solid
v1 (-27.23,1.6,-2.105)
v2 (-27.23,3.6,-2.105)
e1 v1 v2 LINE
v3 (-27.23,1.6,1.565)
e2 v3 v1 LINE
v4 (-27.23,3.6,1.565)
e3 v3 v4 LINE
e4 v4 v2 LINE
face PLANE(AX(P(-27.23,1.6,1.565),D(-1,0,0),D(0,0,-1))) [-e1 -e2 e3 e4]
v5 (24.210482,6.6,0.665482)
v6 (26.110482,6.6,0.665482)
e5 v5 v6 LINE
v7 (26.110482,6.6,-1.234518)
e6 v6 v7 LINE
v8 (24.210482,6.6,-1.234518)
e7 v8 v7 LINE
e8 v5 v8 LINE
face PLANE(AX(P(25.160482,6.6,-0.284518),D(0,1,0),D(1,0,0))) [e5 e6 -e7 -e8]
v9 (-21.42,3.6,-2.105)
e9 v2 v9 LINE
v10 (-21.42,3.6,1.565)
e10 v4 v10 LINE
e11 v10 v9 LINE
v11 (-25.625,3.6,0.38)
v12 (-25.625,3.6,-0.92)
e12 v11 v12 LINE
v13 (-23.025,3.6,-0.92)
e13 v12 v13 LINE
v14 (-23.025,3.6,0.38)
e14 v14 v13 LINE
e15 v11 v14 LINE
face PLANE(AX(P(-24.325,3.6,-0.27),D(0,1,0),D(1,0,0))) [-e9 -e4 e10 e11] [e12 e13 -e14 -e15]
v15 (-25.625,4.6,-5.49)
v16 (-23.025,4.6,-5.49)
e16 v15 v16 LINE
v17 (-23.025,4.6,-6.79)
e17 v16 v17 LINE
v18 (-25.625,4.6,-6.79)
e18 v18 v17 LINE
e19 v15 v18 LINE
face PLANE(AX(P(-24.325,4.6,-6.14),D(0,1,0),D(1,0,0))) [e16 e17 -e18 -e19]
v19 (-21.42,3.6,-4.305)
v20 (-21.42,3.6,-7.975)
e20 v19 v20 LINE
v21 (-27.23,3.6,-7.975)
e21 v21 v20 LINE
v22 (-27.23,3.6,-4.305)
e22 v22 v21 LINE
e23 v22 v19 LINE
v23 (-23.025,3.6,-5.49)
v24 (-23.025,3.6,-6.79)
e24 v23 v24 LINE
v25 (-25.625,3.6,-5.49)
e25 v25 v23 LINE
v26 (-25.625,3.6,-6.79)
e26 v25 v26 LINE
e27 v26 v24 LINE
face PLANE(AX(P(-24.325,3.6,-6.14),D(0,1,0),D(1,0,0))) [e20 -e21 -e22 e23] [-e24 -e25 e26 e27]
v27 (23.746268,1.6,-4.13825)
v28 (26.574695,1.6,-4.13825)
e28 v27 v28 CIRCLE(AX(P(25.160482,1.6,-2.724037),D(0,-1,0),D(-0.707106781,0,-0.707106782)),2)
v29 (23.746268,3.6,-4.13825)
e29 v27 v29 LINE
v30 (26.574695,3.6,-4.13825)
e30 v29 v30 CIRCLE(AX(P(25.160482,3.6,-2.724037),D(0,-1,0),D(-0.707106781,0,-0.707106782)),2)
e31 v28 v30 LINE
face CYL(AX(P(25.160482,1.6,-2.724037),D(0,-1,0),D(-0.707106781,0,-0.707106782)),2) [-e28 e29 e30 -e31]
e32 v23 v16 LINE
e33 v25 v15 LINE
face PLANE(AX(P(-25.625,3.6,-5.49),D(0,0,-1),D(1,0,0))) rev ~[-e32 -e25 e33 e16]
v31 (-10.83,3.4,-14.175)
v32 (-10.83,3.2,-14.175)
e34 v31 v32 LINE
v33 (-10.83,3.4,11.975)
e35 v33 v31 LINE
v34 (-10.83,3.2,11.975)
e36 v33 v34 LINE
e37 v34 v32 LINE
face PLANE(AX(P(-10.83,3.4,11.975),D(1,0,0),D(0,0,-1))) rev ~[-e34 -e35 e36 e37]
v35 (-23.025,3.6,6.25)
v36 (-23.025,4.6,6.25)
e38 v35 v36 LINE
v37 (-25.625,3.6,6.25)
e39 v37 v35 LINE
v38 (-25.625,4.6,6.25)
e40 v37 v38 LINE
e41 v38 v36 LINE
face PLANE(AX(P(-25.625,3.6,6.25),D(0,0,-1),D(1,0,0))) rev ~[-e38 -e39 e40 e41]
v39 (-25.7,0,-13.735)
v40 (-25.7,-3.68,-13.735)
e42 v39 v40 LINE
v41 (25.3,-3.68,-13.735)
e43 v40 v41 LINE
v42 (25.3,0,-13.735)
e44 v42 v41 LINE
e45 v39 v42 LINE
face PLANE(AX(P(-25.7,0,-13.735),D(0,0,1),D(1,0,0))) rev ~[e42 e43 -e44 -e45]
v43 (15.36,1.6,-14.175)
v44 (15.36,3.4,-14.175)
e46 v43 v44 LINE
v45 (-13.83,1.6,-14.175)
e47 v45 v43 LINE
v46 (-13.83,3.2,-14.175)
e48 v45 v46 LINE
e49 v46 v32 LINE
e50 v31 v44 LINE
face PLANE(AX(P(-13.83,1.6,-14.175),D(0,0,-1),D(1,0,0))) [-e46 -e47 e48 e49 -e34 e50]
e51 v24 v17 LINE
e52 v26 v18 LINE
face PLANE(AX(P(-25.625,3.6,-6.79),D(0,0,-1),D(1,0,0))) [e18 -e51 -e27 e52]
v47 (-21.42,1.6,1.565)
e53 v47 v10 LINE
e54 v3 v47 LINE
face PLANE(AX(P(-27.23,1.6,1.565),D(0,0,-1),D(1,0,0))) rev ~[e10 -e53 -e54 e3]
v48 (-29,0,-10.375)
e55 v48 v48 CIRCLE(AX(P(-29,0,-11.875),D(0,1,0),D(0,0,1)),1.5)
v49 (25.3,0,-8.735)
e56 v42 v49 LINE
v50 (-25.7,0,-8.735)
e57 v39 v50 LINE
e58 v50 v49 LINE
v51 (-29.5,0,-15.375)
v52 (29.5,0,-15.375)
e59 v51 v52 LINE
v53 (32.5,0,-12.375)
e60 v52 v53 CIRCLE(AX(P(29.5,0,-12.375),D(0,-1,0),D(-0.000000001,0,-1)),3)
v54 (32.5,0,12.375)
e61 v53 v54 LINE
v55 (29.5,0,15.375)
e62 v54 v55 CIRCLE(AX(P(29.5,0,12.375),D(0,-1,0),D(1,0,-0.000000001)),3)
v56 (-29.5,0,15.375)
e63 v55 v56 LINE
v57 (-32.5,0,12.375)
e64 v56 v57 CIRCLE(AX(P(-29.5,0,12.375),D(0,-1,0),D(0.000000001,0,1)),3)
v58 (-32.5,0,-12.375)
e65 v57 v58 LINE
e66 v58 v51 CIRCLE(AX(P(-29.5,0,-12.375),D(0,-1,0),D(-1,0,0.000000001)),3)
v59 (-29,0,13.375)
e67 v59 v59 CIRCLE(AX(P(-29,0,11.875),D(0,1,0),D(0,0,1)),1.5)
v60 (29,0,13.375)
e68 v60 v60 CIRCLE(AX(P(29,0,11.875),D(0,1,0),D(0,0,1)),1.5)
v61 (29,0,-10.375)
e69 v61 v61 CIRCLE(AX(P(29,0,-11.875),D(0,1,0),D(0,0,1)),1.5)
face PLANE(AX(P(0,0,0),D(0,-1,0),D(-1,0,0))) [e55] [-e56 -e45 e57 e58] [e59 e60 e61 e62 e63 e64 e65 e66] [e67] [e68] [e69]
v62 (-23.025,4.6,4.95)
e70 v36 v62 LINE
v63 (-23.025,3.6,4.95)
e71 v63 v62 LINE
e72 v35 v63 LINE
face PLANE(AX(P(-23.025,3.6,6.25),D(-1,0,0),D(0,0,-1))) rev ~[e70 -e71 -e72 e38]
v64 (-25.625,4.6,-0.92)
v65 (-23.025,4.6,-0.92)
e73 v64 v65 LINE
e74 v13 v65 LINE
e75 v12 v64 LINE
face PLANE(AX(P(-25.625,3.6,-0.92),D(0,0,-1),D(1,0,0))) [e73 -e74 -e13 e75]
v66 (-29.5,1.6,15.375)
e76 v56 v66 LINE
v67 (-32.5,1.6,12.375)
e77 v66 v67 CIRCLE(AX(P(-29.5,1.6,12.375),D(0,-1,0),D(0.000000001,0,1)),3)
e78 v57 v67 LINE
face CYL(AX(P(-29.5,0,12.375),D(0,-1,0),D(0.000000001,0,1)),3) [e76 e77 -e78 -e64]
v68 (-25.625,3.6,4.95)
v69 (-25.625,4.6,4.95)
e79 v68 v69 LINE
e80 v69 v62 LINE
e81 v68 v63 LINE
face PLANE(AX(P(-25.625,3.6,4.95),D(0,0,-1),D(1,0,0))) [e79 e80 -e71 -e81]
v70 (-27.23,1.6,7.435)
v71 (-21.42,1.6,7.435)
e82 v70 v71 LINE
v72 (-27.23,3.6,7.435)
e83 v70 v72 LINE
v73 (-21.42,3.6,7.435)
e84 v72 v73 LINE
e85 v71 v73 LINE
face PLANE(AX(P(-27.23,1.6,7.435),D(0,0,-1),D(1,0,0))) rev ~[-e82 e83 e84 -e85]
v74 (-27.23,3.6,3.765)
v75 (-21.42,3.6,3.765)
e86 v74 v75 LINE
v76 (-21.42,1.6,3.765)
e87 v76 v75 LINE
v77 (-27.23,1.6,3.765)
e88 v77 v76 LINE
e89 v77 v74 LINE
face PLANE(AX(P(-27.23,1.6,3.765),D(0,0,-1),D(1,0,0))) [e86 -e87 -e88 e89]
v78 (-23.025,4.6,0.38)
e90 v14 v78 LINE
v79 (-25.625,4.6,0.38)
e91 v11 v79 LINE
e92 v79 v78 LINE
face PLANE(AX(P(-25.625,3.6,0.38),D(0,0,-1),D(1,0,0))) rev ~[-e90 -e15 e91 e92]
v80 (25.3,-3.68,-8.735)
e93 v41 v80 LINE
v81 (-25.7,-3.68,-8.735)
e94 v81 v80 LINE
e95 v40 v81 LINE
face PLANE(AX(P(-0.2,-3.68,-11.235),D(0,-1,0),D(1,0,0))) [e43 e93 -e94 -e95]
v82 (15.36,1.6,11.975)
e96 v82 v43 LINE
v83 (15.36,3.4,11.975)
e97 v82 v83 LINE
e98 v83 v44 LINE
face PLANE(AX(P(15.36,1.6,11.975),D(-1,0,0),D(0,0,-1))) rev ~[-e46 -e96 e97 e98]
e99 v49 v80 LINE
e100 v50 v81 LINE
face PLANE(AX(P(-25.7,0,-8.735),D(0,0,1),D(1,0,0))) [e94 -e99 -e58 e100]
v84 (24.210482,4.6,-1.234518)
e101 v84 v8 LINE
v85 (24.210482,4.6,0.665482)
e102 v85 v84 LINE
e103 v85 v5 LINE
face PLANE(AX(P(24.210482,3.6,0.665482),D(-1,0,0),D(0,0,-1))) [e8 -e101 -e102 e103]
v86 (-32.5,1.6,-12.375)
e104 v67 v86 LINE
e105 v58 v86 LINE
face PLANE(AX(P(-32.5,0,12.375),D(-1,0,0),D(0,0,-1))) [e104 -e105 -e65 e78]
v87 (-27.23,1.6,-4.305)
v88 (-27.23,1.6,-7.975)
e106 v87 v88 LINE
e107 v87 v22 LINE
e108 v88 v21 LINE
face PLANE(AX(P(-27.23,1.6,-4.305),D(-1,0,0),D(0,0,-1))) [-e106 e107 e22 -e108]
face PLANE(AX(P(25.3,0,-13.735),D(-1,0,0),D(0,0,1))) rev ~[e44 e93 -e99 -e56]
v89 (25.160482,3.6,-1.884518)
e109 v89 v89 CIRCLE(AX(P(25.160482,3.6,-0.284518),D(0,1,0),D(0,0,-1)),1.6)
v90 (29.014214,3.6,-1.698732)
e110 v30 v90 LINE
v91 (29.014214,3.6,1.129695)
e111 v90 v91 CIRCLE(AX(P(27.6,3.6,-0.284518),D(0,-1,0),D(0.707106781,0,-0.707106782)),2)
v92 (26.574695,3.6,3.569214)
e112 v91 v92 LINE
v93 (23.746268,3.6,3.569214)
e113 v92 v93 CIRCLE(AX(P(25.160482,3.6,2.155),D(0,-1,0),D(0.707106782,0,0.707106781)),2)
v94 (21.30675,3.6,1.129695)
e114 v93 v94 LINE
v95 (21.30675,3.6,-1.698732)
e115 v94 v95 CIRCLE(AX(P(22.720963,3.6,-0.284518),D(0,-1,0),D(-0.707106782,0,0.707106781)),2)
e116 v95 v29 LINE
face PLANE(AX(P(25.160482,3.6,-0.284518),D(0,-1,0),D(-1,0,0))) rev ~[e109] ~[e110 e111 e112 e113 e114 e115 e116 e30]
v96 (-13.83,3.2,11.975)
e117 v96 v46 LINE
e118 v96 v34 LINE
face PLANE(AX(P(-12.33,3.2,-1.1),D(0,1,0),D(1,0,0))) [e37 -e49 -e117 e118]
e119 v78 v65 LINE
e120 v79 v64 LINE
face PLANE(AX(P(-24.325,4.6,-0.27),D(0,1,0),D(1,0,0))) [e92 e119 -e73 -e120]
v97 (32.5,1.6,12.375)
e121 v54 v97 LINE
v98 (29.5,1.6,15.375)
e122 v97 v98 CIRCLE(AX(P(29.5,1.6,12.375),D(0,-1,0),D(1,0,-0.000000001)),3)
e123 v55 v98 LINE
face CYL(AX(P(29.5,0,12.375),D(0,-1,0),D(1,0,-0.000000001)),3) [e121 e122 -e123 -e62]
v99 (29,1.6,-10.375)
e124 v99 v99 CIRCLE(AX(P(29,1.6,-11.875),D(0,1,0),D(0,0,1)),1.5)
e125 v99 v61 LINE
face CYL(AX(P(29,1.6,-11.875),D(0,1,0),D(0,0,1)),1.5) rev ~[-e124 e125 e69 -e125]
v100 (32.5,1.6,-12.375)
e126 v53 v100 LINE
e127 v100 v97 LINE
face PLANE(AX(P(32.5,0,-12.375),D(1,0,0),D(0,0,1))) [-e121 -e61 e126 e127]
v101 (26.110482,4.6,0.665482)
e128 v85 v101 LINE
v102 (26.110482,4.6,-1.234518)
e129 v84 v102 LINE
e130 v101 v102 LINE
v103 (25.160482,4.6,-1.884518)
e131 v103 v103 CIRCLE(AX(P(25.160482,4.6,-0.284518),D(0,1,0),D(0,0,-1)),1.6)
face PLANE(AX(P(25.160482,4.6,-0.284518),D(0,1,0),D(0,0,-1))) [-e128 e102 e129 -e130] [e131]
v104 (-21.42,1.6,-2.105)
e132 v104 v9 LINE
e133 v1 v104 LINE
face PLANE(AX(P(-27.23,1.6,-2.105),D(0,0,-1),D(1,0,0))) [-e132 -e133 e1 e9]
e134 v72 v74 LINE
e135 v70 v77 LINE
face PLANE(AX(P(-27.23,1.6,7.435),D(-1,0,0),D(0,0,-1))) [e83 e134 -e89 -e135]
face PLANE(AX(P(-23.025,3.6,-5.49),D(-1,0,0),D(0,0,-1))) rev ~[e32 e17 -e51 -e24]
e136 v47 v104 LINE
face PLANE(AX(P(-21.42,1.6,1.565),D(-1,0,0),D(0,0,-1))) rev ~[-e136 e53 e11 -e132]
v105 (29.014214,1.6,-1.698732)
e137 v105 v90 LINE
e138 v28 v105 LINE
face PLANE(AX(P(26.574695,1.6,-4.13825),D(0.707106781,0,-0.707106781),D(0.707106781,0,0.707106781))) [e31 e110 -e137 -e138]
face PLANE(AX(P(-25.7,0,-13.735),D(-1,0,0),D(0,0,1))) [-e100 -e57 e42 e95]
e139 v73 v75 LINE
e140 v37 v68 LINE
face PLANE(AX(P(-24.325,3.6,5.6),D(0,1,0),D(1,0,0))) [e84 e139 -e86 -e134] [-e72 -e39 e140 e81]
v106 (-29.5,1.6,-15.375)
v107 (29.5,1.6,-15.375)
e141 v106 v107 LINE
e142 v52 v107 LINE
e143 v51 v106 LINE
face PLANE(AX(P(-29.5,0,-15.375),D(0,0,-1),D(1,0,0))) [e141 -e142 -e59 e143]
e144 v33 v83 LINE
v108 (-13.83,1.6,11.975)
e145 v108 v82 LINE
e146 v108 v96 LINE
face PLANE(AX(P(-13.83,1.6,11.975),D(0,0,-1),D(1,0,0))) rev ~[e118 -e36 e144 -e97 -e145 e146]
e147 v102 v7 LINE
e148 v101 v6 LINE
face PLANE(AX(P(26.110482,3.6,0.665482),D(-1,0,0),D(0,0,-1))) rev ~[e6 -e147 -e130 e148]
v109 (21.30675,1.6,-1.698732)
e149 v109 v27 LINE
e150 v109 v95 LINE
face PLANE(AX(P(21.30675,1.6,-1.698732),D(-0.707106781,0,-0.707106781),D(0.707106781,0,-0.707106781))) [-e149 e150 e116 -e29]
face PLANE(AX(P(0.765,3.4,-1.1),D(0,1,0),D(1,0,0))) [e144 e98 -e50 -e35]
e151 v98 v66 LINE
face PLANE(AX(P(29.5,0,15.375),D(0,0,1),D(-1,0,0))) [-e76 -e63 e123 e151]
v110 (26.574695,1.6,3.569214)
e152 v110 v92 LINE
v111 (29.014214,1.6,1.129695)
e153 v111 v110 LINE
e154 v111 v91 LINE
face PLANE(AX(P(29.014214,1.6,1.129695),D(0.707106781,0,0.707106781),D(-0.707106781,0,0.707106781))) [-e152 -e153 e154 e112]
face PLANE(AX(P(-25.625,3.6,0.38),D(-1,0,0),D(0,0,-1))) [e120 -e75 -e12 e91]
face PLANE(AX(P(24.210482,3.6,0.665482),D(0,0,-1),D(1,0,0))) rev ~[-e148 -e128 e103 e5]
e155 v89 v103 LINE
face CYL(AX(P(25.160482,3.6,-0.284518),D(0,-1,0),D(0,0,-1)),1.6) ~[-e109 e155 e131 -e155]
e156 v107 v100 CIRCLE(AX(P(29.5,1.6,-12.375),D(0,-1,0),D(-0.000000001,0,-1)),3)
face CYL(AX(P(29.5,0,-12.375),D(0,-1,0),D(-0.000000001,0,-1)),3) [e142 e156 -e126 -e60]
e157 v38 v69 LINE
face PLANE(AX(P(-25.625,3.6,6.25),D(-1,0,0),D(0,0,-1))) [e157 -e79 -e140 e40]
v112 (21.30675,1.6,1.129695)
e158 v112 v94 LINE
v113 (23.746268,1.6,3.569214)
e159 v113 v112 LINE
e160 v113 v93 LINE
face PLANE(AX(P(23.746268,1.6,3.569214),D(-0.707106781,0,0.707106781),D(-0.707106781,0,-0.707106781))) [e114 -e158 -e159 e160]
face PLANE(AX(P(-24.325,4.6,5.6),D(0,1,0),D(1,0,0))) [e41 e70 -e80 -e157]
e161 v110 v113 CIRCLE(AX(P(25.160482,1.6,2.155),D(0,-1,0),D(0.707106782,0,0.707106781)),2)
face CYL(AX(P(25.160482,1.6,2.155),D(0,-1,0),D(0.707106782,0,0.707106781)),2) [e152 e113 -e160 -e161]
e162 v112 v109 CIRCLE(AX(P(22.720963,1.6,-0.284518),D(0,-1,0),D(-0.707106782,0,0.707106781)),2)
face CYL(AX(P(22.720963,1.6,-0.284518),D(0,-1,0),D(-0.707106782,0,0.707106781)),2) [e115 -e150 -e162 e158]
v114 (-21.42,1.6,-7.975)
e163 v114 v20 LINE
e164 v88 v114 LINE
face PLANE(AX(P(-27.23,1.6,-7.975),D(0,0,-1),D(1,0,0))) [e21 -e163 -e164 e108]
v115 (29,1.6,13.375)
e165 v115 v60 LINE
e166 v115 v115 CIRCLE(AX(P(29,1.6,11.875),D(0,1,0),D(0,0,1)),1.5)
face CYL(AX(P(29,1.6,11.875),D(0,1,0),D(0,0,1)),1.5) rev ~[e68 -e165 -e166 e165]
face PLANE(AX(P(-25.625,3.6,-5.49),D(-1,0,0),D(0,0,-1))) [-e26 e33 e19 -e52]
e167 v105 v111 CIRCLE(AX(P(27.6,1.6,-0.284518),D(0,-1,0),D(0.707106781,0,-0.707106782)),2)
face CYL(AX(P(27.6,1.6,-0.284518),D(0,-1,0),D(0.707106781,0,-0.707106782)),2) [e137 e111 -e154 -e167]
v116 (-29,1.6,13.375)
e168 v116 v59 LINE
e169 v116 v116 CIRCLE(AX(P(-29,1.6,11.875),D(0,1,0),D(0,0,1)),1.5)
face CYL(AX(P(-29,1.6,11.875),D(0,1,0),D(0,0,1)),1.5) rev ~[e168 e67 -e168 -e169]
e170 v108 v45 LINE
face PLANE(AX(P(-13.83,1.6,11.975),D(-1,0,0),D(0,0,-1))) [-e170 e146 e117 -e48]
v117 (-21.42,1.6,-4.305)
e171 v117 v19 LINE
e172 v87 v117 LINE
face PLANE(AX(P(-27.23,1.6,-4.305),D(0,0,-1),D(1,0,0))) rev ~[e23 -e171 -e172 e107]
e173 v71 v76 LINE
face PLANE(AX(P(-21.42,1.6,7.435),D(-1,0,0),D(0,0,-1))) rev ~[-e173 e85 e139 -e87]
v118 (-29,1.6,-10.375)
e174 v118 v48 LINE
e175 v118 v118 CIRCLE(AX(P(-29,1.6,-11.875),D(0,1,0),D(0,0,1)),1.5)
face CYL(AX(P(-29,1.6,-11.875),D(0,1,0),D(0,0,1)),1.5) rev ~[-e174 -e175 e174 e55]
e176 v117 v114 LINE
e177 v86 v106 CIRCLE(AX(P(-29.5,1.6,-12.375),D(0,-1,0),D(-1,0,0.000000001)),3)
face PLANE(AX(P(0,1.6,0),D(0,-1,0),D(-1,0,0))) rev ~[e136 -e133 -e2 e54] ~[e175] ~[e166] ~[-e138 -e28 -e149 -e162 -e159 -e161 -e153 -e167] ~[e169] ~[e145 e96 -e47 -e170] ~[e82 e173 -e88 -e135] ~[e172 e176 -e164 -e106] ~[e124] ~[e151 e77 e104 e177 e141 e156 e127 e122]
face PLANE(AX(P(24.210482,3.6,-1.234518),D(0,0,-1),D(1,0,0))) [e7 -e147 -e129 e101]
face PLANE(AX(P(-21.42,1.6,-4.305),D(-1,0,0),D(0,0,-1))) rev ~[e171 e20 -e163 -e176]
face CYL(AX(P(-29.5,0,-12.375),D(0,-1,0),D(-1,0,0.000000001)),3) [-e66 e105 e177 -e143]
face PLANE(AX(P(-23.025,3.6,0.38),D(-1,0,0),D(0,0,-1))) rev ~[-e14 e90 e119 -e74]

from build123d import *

# Parameters (mm, degrees)
EXTRUDE_1_DEPTH     = 1.6
SKETCH_2_R          = 1.5
CUT_EXTRUDE_1_DEPTH = 1.6
SKETCH_3_W          = 29.19
SKETCH_3_H          = 26.15
EXTRUDE_2_DEPTH     = 1.8
EXTRUDE_3_DEPTH     = 2
SKETCH_6_W          = 3
SKETCH_6_H          = 26.15
CUT_EXTRUDE_2_DEPTH = 0.2
SKETCH_4_W          = 5.81
SKETCH_4_H          = 3.67
EXTRUDE_4_DEPTH     = 2
SKETCH_7_W          = 2.6
SKETCH_7_H          = 1.3
EXTRUDE_5_DEPTH     = 1
SKETCH_8_W          = 51
SKETCH_8_H          = 5
EXTRUDE_6_DEPTH     = 3.68
SKETCH_9_W          = 1.9
SKETCH_9_H          = 1.9
EXTRUDE_7_DEPTH     = 3
SKETCH_10_R         = 1.6
EXTRUDE_8_DEPTH     = 1


with BuildPart() as part:
    # 草图1 → 凸台-拉伸1 (new body)
    with BuildSketch(Plane(origin=(0, 0, 0), x_dir=(1, 0, 0), z_dir=(0, 1, 0))):
        with BuildLine():
            Line((-29.5, 15.375), (29.5, 15.375))
            ThreePointArc((29.5, 15.375), (31.621320344, 14.496320344), (32.5, 12.375))
            Line((32.5, 12.375), (32.5, -12.375))
            ThreePointArc((32.5, -12.375), (31.621320344, -14.496320344), (29.5, -15.375))
            Line((29.5, -15.375), (-29.5, -15.375))
            ThreePointArc((-29.5, -15.375), (-31.621320344, -14.496320344), (-32.5, -12.375))
            Line((-32.5, -12.375), (-32.5, 12.375))
            ThreePointArc((-32.5, 12.375), (-31.621320344, 14.496320344), (-29.5, 15.375))
        make_face()
    extrude(amount=EXTRUDE_1_DEPTH)

    # 草图2 → 切除-拉伸1 (cut)
    with BuildSketch(Plane(origin=(0, 1.6, 0), x_dir=(1, 0, 0), z_dir=(0, 1, 0))):
        with Locations(Location((-29, 11.875, 0), (0, 0, 270))):
            Circle(SKETCH_2_R)
        with Locations(Location((-29, -11.875, 0), (0, 0, 270))):
            Circle(SKETCH_2_R)
        with Locations(Location((29, -11.875, 0), (0, 0, 270))):
            Circle(SKETCH_2_R)
        with Locations(Location((29, 11.875, 0), (0, 0, 270))):
            Circle(SKETCH_2_R)
    extrude(amount=-CUT_EXTRUDE_1_DEPTH, mode=Mode.SUBTRACT)

    # 草图3 → 凸台-拉伸2 (add)
    with BuildSketch(Plane(origin=(0, 1.6, 0), x_dir=(1, 0, 0), z_dir=(0, 1, 0))):
        with Locations((0.765, 1.1)):
            Rectangle(SKETCH_3_W, SKETCH_3_H)
    extrude(amount=EXTRUDE_2_DEPTH)

    # 草图5 → 凸台-拉伸3 (add)
    with BuildSketch(Plane(origin=(0, 1.6, 0), x_dir=(1, 0, 0), z_dir=(0, 1, 0))):
        with BuildLine():
            Line((26.574695167, 4.138250353), (29.014213562, 1.698731957))
            ThreePointArc((29.014213562, 1.698731957), (29.6, 0.284518395), (29.014213562, -1.129695167))
            Line((29.014213562, -1.129695167), (26.574695167, -3.569213562))
            ThreePointArc((26.574695167, -3.569213562), (25.160481605, -4.155), (23.746268043, -3.569213562))
            Line((23.746268043, -3.569213562), (21.306749647, -1.129695167))
            ThreePointArc((21.306749647, -1.129695167), (20.72096321, 0.284518395), (21.306749647, 1.698731957))
            Line((21.306749647, 1.698731957), (23.746268043, 4.138250353))
            ThreePointArc((23.746268043, 4.138250353), (25.160481605, 4.72403679), (26.574695167, 4.138250353))
        make_face()
    extrude(amount=EXTRUDE_3_DEPTH)

    # 草图6 → 切除-拉伸2 (cut)
    with BuildSketch(Plane(origin=(0, 3.4, 0), x_dir=(1, 0, 0), z_dir=(0, 1, 0))):
        with Locations((-12.33, 1.1)):
            Rectangle(SKETCH_6_W, SKETCH_6_H)
    extrude(amount=-CUT_EXTRUDE_2_DEPTH, mode=Mode.SUBTRACT)

    # 草图4 → 凸台-拉伸4 (add)
    with BuildSketch(Plane(origin=(0, 1.6, 0), x_dir=(1, 0, 0), z_dir=(0, 1, 0))):
        with Locations((-24.325, 6.14)):
            Rectangle(SKETCH_4_W, SKETCH_4_H)
        with Locations((-24.325, 0.27)):
            Rectangle(SKETCH_4_W, SKETCH_4_H)
        with Locations((-24.325, -5.6)):
            Rectangle(SKETCH_4_W, SKETCH_4_H)
    extrude(amount=EXTRUDE_4_DEPTH)

    # 草图7 → 凸台-拉伸5 (add)
    with BuildSketch(Plane(origin=(0, 3.6, 0), x_dir=(1, 0, 0), z_dir=(0, 1, 0))):
        with Locations((-24.325, 6.14)):
            Rectangle(SKETCH_7_W, SKETCH_7_H)
        with Locations((-24.325, 0.27)):
            Rectangle(SKETCH_7_W, SKETCH_7_H)
        with Locations((-24.325, -5.6)):
            Rectangle(SKETCH_7_W, SKETCH_7_H)
    extrude(amount=EXTRUDE_5_DEPTH)

    # 草图8 → 凸台-拉伸6 (add)
    with BuildSketch(Plane.XZ):
        with Locations((-0.2, -11.235)):
            Rectangle(SKETCH_8_W, SKETCH_8_H)
    extrude(amount=EXTRUDE_6_DEPTH)

    # 草图9 → 凸台-拉伸7 (add)
    with BuildSketch(Plane(origin=(0, 3.6, 0), x_dir=(1, 0, 0), z_dir=(0, 1, 0))):
        with Locations((25.160481605, 0.284518395)):
            Rectangle(SKETCH_9_W, SKETCH_9_H)
    extrude(amount=EXTRUDE_7_DEPTH)

    # 草图10 → 凸台-拉伸8 (add)
    with BuildSketch(Plane(origin=(0, 3.6, 0), x_dir=(1, 0, 0), z_dir=(0, 1, 0))):
        with Locations(Location((25.160481605, 0.284518395, 0), (0, 0, 90))):
            Circle(SKETCH_10_R)
    extrude(amount=EXTRUDE_8_DEPTH)


solid = part.part
